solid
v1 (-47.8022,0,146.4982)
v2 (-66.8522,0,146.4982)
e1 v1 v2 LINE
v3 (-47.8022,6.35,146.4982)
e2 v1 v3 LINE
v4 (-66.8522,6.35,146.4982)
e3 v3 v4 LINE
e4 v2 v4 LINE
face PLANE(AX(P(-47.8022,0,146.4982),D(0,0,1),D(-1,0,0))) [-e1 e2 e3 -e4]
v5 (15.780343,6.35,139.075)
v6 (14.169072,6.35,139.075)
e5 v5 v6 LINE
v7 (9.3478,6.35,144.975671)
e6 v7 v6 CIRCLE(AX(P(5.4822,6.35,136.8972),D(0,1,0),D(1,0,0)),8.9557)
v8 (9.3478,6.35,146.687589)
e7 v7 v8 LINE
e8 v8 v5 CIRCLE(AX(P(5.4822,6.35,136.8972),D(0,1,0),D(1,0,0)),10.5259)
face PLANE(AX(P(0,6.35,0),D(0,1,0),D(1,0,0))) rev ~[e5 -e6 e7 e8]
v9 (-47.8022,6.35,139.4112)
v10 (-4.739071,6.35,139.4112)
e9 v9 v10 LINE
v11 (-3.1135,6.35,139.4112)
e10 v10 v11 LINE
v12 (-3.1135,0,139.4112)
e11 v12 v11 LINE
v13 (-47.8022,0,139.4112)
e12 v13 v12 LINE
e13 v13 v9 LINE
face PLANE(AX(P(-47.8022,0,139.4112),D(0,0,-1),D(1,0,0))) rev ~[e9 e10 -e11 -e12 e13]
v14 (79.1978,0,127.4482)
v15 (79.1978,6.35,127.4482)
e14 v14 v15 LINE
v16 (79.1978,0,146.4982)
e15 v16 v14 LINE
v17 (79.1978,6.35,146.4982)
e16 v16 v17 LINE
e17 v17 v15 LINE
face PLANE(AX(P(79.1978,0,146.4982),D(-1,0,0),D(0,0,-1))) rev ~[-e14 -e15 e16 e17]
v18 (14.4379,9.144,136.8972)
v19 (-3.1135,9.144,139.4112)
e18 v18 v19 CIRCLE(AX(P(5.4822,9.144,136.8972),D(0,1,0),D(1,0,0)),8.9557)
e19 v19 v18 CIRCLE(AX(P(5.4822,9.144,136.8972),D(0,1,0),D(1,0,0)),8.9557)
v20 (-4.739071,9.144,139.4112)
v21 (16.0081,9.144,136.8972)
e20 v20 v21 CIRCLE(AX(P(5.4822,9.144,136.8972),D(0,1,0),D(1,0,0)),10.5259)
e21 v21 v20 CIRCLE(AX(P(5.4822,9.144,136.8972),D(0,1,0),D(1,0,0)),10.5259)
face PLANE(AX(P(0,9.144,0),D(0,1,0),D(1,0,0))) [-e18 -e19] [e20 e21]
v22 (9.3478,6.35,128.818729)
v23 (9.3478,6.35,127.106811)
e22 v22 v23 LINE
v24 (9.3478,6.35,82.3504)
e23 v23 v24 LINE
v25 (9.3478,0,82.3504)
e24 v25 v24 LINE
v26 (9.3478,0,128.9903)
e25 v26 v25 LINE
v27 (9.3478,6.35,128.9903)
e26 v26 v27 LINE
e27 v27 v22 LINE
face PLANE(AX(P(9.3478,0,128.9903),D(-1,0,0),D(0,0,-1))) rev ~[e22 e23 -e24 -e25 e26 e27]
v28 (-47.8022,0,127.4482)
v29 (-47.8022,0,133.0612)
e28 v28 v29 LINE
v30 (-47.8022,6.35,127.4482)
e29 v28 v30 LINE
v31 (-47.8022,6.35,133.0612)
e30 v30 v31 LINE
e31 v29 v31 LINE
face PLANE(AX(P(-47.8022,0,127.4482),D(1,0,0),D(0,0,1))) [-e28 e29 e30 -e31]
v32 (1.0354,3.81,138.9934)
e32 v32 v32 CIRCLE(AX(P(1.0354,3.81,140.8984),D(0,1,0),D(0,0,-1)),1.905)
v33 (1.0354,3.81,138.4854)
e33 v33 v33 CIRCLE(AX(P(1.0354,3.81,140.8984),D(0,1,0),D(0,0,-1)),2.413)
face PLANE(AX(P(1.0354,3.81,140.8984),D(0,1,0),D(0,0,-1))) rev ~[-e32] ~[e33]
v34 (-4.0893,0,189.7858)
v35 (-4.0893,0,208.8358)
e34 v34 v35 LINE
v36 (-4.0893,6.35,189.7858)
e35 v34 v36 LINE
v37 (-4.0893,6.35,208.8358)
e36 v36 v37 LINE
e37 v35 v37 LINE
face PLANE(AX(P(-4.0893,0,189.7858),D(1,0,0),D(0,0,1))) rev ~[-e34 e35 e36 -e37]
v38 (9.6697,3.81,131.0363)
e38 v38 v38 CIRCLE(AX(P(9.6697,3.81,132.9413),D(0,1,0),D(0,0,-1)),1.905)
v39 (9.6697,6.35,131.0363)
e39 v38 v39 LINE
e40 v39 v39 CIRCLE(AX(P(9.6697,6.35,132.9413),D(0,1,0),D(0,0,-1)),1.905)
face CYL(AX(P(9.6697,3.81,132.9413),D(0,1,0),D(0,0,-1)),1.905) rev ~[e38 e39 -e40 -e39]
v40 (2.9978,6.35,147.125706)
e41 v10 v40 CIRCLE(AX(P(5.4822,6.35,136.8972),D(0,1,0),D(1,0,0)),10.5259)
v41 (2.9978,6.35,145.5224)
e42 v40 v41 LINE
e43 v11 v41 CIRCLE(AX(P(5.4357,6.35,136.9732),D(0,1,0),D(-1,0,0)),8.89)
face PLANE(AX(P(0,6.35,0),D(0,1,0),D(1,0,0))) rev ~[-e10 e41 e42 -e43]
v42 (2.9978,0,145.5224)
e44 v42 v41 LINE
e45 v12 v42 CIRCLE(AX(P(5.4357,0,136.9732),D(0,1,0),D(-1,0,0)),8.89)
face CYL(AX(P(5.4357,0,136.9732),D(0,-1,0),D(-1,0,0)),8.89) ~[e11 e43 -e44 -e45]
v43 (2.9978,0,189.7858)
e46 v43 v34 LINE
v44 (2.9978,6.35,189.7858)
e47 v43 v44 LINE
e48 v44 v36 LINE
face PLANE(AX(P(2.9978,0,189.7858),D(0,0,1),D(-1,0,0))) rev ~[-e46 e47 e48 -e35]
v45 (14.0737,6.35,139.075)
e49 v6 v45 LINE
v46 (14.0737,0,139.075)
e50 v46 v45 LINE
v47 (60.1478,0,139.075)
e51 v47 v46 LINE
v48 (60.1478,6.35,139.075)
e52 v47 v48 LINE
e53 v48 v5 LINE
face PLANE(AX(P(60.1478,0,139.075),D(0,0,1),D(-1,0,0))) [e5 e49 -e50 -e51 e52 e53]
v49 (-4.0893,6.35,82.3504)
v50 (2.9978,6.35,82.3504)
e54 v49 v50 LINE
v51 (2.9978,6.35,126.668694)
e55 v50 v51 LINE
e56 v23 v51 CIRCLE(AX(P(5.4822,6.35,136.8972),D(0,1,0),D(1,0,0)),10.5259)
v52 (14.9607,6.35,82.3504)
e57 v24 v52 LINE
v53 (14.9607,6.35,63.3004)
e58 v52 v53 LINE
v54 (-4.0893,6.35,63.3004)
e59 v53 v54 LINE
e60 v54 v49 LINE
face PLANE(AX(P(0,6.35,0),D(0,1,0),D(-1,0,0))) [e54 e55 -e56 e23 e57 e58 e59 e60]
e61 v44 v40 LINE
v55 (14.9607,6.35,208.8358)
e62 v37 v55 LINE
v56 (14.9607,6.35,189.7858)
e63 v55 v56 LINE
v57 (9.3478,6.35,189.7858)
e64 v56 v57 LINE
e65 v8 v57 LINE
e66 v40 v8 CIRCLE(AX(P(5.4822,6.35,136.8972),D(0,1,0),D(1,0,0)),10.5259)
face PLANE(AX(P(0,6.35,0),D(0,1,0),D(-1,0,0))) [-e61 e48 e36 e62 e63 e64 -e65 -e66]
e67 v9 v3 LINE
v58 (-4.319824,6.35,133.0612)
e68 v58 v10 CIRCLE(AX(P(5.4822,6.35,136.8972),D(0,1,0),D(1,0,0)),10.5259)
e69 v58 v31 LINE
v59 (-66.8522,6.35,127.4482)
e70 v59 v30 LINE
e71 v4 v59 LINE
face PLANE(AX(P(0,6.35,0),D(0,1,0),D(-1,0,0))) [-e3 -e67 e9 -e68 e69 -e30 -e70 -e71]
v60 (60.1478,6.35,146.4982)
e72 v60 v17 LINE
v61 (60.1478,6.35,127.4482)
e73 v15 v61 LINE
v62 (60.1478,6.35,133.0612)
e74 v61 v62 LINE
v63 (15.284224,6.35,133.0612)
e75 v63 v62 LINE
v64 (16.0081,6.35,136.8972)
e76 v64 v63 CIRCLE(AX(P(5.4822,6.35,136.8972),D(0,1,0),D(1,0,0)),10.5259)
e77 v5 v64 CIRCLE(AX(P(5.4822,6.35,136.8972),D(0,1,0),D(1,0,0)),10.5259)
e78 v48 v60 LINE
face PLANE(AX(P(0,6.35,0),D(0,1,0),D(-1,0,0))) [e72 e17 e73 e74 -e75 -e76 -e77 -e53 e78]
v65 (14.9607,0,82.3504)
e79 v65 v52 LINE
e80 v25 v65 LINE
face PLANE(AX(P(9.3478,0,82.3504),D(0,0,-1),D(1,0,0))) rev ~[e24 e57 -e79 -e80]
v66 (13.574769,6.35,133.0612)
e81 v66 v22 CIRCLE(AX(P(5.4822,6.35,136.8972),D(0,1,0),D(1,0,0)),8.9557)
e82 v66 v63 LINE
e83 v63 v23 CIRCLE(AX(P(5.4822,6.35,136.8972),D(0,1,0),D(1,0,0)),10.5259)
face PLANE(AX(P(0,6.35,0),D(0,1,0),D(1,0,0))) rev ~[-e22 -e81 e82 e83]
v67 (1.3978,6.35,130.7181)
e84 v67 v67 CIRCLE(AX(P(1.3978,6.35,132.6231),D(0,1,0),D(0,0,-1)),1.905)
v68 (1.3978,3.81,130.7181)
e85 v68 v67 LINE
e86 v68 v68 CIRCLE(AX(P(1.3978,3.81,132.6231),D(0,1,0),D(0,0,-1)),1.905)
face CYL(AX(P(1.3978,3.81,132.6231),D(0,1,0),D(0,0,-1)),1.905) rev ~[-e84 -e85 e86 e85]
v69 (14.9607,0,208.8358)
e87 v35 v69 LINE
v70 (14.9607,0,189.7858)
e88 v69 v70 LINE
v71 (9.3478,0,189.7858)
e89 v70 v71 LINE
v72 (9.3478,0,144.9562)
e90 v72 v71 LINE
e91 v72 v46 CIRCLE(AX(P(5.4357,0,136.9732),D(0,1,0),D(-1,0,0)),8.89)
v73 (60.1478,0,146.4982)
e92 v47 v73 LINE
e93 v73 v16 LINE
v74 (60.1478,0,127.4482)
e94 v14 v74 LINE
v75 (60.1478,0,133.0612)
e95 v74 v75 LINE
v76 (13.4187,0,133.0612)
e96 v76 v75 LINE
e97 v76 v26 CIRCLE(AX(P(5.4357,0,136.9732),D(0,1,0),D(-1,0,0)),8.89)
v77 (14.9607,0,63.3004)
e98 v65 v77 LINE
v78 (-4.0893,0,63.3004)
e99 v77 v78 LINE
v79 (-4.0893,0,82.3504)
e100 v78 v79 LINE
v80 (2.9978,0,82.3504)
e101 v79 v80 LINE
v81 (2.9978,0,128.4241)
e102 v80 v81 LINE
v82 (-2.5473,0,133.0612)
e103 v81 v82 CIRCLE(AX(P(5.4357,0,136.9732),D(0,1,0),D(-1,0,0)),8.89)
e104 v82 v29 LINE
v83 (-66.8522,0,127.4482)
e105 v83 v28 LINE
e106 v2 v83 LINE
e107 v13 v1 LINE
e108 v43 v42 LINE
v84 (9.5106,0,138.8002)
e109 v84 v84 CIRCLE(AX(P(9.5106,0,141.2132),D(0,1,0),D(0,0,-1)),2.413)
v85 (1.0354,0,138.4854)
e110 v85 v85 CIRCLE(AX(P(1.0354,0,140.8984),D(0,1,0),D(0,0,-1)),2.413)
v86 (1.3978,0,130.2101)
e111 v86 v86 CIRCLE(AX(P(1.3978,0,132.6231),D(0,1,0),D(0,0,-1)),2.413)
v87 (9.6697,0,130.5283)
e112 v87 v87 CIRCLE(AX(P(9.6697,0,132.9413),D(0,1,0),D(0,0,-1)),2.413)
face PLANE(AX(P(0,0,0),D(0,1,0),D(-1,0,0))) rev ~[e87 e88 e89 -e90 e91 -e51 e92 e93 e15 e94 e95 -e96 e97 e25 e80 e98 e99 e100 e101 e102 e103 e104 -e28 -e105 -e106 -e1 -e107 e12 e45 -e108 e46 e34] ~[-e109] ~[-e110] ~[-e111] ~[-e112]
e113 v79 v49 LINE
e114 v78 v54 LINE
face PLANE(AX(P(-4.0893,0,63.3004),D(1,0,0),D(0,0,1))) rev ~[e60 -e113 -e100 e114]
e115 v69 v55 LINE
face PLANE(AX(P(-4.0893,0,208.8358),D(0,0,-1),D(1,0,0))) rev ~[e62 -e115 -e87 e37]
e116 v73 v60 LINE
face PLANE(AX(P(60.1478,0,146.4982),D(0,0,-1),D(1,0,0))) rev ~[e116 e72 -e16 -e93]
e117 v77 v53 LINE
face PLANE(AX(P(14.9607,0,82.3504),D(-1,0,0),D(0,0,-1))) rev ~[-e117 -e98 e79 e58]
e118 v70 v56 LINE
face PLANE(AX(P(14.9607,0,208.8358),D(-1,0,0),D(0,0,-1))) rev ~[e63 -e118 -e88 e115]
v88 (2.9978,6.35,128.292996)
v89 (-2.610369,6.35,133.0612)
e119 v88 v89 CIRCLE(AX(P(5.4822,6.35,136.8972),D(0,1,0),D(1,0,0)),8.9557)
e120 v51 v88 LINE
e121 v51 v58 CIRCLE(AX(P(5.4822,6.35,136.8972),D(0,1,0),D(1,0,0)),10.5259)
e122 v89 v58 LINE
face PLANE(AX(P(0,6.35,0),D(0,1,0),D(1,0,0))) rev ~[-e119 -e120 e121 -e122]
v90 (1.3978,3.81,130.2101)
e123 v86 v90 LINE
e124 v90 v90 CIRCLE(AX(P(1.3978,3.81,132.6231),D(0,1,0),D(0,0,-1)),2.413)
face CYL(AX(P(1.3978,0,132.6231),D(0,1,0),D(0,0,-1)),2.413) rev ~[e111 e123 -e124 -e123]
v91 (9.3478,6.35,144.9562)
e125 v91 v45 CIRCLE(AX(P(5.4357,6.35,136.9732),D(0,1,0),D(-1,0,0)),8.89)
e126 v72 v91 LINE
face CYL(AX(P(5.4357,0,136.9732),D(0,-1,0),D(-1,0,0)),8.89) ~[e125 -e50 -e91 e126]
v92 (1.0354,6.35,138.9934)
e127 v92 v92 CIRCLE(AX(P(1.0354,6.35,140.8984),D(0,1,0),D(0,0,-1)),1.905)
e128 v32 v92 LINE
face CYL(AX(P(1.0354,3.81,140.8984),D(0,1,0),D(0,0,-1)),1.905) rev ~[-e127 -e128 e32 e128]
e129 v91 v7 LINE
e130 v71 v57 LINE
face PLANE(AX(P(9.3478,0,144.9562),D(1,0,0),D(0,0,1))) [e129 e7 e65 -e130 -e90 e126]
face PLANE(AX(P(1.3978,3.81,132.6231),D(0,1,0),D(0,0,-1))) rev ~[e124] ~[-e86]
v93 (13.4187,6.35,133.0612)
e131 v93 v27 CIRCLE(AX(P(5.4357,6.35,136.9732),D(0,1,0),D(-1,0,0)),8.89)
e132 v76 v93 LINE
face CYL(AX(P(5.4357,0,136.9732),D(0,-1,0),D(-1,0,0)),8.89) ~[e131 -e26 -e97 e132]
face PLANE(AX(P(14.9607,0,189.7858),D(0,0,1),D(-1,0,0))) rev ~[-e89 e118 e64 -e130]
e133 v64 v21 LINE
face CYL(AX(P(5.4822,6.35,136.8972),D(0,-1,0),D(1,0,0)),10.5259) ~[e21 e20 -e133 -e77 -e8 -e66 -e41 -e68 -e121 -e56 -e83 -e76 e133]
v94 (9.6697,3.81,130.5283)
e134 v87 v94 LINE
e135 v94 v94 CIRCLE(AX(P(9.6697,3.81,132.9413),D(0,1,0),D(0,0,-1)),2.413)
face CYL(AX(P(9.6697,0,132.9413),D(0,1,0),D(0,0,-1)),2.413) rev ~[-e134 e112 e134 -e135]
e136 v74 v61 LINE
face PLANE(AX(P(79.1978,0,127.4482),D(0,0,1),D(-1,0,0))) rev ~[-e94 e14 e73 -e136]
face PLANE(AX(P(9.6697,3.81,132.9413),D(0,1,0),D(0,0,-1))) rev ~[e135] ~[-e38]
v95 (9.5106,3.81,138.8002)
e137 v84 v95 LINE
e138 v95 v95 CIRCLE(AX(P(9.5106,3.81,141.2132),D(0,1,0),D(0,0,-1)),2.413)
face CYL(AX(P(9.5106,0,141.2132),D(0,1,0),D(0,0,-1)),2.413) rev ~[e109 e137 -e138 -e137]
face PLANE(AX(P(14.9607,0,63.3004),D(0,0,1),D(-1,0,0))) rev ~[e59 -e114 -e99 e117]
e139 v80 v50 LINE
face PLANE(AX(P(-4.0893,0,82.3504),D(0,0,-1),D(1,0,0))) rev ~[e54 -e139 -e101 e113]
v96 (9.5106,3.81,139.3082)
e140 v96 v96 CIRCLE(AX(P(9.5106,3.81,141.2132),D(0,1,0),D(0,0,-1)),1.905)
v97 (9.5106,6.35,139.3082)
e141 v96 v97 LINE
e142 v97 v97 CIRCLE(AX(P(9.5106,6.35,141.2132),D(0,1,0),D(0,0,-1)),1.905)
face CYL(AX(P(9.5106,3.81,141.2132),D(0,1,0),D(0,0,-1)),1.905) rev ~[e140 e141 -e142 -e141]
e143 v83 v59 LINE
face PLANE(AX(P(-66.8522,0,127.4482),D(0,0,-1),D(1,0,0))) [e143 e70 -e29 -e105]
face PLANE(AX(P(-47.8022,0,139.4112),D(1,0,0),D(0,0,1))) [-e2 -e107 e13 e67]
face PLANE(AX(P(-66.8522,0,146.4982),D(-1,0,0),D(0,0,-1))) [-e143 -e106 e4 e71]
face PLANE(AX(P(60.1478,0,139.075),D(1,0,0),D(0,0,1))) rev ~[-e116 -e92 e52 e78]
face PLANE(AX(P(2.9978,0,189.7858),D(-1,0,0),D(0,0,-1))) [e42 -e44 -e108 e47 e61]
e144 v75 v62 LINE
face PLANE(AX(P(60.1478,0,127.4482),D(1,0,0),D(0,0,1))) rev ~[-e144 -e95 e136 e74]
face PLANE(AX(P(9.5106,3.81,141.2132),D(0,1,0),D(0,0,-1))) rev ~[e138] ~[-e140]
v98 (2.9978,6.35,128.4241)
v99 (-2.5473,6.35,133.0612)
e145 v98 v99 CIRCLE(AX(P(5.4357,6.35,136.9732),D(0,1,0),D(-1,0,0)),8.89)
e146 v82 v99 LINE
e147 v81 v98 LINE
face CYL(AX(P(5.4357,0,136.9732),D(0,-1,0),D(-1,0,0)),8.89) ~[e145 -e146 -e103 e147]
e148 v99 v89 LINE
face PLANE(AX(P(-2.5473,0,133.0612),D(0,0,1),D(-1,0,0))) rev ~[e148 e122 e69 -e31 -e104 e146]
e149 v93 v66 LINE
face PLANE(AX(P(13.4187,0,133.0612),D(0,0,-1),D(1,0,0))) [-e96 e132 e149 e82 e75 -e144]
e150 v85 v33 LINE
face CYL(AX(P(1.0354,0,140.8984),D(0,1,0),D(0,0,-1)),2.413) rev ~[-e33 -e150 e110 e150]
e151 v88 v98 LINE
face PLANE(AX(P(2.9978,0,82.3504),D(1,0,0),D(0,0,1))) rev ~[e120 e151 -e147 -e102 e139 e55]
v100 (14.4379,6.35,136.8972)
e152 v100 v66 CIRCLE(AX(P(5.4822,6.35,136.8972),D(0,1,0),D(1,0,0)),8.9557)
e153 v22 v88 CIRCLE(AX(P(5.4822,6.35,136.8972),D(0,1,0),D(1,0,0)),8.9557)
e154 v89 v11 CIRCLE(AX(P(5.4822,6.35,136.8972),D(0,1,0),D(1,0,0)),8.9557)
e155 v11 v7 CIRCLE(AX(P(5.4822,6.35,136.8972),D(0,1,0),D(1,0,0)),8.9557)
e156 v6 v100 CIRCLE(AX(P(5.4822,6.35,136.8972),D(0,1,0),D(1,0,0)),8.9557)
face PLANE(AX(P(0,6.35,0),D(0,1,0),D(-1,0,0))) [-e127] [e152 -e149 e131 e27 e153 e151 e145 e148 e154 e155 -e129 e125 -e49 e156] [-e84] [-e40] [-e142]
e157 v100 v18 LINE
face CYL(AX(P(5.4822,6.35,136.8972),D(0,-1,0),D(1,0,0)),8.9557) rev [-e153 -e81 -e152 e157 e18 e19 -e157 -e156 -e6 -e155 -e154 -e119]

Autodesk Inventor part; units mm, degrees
ref_plane "YZ Plane" through (0, 0, 0) normal (1, 0, 0) x (0, 1, 0)
ref_plane "XZ Plane" through (0, 0, 0) normal (0, 1, 0) x (-1, 0, 0)
ref_plane "XY Plane" through (0, 0, 0) normal (0, 0, 1) x (1, 0, 0)
sketch "Sketch1" plane through (0, 0, 0) normal (0, 1, 0) x (-1, 0, 0)
  line L0 (-9.3478, 139.075) -> (-9.3478, 139.4112)
  line L1 (2.5473, 133.0612) -> (47.8022, 133.0612)
  line L2 (47.8022, 133.0612) -> (47.8022, 139.4112)
  line L3 (47.8022, 139.4112) -> (3.1135, 139.4112)
  line L4 (-2.9978, 139.4112) -> (-2.9978, 139.075)
  line L5 (-13.4187, 133.0612) -> (-60.1478, 133.0612)
  line L6 (-60.1478, 133.0612) -> (-60.1478, 139.075)
  line L7 (-60.1478, 139.075) -> (-14.0737, 139.075)
  line L8 (-9.3478, 189.875) -> (-2.9978, 189.875)
  line L9 (-9.3478, 128.9903) -> (-9.3478, 82.2612)
  line L10 (-9.3478, 82.2612) -> (-2.9978, 82.2612)
  line L11 (-2.9978, 82.2612) -> (-2.9978, 128.4241)
  line L12 (-14.9607, 189.7858) -> (4.0893, 189.7858)
  line L13 (4.0893, 189.7858) -> (4.0893, 208.8358)
  line L14 (4.0893, 208.8358) -> (-14.9607, 208.8358)
  line L15 (-14.9607, 208.8358) -> (-14.9607, 189.7858)
  line L16 (-60.1478, 146.4982) -> (-79.1978, 146.4982)
  line L17 (-79.1978, 146.4982) -> (-79.1978, 127.4482)
  line L18 (-79.1978, 127.4482) -> (-60.1478, 127.4482)
  line L19 (-60.1478, 127.4482) -> (-60.1478, 146.4982)
  line L20 (4.0893, 82.3504) -> (-14.9607, 82.3504)
  line L21 (-14.9607, 82.3504) -> (-14.9607, 63.3004)
  line L22 (-14.9607, 63.3004) -> (4.0893, 63.3004)
  line L23 (4.0893, 63.3004) -> (4.0893, 82.3504)
  line L24 (47.8022, 146.4982) -> (66.8522, 146.4982)
  line L25 (66.8522, 146.4982) -> (66.8522, 127.4482)
  line L26 (66.8522, 127.4482) -> (47.8022, 127.4482)
  line L27 (47.8022, 127.4482) -> (47.8022, 146.4982)
  circle A0 centre (-5.4357, 136.9732) radius 8.89
  line L28 (-9.3478, 139.075) -> (-9.3478, 139.4112)
  line L29 (-9.3478, 144.9562) -> (-9.3478, 189.875)
  line L30 (-2.9978, 189.875) -> (-2.9978, 145.5224)
  line L31 (-2.9978, 139.4112) -> (-2.9978, 139.075)
extrude "Extrusion1" add sketch "Sketch1" along normal blind 6.35
sketch "Sketch2" plane through (0, 6.35, 0) normal (0, 1, 0) x (1, 0, 0)
  line L0 (-47.8022, -139.4112) -> (-3.1135, -139.4112) projected
  circle A0 centre (5.4822, -136.8972) radius 8.9557
  circle A1 centre (5.4822, -136.8972) radius 10.5259
  point P0 (0, 0)
extrude "Extrusion2" add sketch "Sketch2" along normal blind 2.794
sketch "Sketch3" plane through (0, 6.35, 0) normal (0, 1, 0) x (1, 0, 0)
  point P0 (0, 0)
hole "Hole1" at (1.0354, 0, 140.8984) direction (0, 1, 0) diameter 3.81 end through all counterbore diameter 4.826 counterbore depth 3.81
hole "Hole2" at (9.6697, 0, 132.9413) direction (0, 1, 0) diameter 3.81 end through all counterbore diameter 4.826 counterbore depth 3.81
hole "Hole3" at (9.5106, 0, 141.2132) direction (0, 1, 0) diameter 3.81 end through all counterbore diameter 4.826 counterbore depth 3.81
hole "Hole4" at (1.3978, 0, 132.6231) direction (0, 1, 0) diameter 3.81 end through all counterbore diameter 4.826 counterbore depth 3.81
